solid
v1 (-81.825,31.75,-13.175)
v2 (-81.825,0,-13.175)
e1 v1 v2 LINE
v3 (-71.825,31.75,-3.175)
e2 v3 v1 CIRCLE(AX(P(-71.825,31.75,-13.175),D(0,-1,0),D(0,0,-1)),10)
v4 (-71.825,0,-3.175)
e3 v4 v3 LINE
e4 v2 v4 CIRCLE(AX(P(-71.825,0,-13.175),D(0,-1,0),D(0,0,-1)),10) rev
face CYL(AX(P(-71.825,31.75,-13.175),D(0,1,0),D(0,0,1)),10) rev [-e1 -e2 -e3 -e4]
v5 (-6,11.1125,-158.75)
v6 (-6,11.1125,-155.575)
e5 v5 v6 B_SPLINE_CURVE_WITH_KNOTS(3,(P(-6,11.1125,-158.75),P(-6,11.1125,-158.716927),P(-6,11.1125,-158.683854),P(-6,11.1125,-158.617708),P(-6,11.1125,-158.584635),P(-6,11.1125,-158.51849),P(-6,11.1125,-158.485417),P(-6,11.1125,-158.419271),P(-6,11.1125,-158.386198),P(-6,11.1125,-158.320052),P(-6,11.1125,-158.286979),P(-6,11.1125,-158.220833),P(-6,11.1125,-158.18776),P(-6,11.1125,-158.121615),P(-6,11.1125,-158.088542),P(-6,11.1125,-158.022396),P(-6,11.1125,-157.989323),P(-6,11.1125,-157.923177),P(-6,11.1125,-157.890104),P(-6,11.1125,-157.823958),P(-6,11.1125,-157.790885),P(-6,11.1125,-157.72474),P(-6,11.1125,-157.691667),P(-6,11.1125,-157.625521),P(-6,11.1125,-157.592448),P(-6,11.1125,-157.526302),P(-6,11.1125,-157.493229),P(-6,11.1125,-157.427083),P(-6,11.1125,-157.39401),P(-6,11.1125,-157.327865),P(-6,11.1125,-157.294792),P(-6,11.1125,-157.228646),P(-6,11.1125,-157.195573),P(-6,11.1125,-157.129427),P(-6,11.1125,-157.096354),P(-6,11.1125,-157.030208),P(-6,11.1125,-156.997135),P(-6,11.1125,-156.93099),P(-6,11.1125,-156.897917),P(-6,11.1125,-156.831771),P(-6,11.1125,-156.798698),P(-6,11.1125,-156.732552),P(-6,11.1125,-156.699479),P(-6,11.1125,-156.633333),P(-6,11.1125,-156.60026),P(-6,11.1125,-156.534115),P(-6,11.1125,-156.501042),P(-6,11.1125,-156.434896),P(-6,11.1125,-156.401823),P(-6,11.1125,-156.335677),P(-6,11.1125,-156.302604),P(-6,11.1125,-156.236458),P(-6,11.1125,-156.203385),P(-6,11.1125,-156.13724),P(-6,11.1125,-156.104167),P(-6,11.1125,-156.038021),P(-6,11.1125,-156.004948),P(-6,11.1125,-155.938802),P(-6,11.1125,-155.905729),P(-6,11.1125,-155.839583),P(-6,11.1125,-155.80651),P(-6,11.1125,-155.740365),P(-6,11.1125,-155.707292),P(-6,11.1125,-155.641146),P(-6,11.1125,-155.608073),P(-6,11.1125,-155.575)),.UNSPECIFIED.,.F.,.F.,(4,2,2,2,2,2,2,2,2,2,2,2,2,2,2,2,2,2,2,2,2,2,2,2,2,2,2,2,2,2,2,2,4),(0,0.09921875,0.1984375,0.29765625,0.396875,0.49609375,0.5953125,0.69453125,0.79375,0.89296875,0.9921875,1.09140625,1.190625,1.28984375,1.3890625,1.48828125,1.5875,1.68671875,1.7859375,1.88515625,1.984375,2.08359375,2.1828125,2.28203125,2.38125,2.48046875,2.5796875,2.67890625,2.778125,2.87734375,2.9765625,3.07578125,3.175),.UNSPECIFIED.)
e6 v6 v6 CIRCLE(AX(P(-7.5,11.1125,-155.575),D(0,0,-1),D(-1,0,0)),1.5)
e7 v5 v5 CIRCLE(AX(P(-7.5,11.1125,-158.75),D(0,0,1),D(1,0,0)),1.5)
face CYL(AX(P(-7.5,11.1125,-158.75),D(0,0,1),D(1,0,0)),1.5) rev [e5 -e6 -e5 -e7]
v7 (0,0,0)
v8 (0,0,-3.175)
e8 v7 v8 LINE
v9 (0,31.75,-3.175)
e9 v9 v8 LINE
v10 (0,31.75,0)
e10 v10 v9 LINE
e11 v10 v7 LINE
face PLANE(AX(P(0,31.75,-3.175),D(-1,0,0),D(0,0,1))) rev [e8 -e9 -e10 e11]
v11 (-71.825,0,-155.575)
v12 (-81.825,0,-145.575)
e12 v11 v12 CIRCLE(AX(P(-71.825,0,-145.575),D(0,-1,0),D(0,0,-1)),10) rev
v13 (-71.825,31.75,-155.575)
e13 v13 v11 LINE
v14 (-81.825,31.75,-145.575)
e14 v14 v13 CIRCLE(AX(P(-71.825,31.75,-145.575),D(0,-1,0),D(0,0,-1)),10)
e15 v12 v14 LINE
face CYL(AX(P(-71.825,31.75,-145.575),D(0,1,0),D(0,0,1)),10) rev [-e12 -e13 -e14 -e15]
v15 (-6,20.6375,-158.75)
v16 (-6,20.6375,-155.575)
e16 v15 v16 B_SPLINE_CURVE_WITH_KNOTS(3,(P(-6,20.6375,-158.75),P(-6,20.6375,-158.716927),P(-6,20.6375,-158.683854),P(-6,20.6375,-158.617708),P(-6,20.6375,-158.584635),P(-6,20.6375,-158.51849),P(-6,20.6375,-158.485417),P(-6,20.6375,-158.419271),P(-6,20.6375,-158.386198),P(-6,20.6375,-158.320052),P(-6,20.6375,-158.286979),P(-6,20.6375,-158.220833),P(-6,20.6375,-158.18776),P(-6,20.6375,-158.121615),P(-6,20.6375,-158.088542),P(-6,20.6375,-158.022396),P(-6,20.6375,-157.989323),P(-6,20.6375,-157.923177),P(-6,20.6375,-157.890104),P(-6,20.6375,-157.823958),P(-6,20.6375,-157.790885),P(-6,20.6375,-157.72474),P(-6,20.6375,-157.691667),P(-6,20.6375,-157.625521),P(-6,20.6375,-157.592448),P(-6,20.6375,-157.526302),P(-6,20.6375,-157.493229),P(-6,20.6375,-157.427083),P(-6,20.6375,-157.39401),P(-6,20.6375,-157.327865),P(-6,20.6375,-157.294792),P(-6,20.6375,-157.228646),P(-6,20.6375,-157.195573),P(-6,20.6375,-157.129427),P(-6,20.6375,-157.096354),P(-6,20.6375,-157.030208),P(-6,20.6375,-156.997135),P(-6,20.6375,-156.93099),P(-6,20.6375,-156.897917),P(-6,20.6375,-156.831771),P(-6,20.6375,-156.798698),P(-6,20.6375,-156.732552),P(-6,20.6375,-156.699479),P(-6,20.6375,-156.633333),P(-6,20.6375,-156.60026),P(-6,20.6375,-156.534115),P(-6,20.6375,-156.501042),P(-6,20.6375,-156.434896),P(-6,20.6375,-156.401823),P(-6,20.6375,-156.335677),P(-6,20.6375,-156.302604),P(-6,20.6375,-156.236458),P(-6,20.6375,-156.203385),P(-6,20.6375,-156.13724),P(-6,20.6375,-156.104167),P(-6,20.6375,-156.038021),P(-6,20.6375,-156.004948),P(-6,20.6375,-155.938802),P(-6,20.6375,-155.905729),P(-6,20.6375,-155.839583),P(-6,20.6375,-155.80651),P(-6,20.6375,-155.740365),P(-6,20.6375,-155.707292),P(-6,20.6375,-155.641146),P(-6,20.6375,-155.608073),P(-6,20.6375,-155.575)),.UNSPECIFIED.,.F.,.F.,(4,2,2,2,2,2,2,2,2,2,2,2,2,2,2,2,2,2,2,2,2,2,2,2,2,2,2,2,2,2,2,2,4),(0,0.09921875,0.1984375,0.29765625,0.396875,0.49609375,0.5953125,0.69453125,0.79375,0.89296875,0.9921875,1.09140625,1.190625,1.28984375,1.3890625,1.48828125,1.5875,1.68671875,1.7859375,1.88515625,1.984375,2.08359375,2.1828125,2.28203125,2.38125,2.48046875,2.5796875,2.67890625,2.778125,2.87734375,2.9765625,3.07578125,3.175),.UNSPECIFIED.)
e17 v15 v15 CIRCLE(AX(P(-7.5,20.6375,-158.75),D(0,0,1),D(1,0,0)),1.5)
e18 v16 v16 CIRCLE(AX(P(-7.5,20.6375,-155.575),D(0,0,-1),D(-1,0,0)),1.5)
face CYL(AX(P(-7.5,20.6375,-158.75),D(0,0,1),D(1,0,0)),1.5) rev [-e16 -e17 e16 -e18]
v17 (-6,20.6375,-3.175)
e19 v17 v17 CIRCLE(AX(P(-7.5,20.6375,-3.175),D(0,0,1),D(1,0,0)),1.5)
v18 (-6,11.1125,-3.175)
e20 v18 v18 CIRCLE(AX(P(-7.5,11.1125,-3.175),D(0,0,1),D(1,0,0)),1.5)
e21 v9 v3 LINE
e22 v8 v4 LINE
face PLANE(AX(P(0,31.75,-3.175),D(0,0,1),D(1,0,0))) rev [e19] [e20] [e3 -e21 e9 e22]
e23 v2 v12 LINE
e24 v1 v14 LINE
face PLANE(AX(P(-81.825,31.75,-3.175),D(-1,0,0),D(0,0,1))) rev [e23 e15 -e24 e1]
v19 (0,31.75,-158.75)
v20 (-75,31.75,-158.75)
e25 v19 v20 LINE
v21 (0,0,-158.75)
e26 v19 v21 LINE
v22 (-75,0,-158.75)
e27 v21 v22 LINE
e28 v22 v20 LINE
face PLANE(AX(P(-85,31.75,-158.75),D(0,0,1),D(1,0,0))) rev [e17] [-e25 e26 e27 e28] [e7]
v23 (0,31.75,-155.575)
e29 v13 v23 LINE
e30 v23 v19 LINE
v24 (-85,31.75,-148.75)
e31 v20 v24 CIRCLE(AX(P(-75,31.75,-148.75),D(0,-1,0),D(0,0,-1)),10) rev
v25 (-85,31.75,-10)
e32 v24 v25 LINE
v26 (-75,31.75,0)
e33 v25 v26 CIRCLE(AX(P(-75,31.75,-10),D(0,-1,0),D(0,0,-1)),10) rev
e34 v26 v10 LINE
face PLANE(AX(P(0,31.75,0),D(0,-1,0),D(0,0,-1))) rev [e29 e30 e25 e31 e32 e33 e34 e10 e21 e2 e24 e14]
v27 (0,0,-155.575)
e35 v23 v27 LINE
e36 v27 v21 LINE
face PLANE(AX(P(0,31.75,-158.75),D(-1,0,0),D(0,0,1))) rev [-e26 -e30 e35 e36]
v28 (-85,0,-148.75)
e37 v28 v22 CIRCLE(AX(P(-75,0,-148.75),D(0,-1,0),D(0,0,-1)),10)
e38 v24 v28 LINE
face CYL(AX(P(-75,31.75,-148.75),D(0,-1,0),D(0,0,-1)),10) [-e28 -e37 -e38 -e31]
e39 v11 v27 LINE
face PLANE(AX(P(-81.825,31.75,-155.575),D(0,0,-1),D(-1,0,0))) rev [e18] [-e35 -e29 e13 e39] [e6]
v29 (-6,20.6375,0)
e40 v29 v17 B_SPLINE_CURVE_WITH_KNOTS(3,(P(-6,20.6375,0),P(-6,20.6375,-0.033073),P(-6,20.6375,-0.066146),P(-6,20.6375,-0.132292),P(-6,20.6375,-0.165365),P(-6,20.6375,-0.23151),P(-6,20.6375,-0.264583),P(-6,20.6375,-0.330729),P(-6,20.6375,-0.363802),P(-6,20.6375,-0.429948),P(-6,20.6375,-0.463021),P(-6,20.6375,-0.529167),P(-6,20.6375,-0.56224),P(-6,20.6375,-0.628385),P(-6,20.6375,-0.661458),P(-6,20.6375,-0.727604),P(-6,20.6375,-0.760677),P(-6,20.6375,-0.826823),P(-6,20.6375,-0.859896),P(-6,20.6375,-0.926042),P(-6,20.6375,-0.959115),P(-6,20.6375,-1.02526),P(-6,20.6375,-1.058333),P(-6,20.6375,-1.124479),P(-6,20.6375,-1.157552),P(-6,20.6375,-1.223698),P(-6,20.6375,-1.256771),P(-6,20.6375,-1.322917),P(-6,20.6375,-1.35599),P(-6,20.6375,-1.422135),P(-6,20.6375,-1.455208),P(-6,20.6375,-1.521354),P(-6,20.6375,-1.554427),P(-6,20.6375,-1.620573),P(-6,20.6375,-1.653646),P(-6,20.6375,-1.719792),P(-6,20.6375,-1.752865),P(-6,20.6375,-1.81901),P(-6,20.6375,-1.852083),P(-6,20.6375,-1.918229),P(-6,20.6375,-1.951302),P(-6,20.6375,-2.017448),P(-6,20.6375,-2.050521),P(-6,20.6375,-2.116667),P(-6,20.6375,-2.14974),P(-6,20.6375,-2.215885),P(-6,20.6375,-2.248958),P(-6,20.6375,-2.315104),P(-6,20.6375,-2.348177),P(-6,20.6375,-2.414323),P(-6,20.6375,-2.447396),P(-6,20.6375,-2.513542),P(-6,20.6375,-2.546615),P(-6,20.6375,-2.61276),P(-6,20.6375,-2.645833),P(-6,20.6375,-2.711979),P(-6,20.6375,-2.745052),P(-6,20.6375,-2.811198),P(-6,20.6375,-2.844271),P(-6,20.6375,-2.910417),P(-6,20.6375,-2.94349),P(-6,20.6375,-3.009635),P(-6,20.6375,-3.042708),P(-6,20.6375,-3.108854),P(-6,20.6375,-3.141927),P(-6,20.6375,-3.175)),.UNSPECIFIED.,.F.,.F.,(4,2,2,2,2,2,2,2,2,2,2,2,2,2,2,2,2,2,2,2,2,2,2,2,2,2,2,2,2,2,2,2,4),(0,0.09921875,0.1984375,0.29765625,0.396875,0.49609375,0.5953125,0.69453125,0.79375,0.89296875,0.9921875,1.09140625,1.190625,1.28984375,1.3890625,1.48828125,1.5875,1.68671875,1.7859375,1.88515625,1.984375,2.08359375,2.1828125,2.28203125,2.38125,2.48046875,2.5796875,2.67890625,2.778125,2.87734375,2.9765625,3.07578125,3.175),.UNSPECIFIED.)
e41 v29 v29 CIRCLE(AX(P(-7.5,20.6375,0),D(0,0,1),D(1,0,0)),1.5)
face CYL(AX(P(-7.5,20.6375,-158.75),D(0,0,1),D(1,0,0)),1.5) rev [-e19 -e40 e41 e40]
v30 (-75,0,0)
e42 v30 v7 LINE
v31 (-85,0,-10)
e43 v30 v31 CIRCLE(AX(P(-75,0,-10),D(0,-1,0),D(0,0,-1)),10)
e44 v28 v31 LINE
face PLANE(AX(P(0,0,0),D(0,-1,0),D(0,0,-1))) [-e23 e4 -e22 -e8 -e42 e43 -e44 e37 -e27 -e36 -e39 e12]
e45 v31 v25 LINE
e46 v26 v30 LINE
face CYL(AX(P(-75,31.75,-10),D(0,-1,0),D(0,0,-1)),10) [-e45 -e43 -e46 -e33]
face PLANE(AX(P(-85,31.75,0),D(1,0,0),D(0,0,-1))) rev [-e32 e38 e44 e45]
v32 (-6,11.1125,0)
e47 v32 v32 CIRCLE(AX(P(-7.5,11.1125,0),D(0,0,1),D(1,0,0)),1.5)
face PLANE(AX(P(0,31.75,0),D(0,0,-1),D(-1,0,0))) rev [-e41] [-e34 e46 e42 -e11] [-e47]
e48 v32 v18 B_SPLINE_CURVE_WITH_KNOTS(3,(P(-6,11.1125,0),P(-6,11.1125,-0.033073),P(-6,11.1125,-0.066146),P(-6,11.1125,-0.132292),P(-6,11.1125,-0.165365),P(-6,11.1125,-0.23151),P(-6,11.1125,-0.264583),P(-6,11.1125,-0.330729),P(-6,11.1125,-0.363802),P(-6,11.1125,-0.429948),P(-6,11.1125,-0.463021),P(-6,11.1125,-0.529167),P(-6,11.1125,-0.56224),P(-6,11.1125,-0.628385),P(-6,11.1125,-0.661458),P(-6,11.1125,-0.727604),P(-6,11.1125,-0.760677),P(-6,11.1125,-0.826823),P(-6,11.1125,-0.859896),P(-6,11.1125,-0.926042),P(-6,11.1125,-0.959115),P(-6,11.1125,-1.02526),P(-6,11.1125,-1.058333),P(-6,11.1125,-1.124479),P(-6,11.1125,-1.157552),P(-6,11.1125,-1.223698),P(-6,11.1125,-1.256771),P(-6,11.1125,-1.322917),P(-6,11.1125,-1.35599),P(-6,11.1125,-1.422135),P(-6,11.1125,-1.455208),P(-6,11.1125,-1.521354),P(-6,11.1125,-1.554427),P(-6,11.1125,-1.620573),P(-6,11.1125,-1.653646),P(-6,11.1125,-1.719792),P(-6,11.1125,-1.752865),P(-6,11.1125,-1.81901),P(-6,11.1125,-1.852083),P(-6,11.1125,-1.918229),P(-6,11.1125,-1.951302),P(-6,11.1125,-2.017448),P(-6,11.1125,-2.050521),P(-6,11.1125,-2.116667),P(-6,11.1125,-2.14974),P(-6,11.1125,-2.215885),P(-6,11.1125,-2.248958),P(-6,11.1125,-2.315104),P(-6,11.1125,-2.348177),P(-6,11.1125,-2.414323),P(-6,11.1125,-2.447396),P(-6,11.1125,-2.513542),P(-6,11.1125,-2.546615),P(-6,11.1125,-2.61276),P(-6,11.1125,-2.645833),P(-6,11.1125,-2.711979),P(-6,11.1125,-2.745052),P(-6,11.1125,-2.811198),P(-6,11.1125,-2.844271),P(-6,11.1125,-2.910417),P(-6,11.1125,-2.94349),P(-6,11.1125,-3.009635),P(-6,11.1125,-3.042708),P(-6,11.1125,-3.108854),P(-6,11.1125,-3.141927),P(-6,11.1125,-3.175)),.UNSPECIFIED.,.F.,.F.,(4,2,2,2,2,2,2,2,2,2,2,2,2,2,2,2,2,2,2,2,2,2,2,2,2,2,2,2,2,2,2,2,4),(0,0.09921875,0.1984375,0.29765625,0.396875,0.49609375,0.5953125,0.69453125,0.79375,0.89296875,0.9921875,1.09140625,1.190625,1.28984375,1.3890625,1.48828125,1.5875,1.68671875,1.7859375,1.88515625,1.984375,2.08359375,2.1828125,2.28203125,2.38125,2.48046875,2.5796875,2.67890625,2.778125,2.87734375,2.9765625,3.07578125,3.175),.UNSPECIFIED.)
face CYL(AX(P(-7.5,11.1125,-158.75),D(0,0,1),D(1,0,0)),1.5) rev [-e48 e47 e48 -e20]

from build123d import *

# Parameters (mm, degrees)
BOSS_EXTRUDE1_DEPTH = 31.75
SKETCH2_R           = 1.5
CUT_EXTRUDE1_DEPTH  = 183.851374072
FILLET1_R           = 10


with BuildPart() as part:
    # Sketch1 → Boss-Extrude1 (new body)
    with BuildSketch(Plane(origin=(0, 0, 0), x_dir=(1, 0, 0), z_dir=(0, 1, 0))):
        Polygon((0, 0), (-85, 0), (-85, 158.75), (0, 158.75), (0, 155.575), (-81.825, 155.575), (-81.825, 3.175), (0, 3.175), align=None)
    extrude(amount=BOSS_EXTRUDE1_DEPTH)

    # Sketch2 → Cut-Extrude1 (cut, through all)
    with BuildSketch(Plane.XY):
        with Locations((-7.5, 11.1125)):
            Circle(SKETCH2_R)
        with Locations((-7.5, 20.6375)):
            Circle(SKETCH2_R)
    extrude(amount=-CUT_EXTRUDE1_DEPTH, mode=Mode.SUBTRACT)

    # Fillet1
    fillet1_edges = [part.edges().sort_by_distance(p)[0] for p in [
        (-85, 15.875, 0),
        (-85, 15.875, -158.75),
        (-81.825, 15.875, -155.575),
        (-81.825, 15.875, -3.175),
    ]]
    fillet(fillet1_edges, radius=FILLET1_R)


solid = part.part
